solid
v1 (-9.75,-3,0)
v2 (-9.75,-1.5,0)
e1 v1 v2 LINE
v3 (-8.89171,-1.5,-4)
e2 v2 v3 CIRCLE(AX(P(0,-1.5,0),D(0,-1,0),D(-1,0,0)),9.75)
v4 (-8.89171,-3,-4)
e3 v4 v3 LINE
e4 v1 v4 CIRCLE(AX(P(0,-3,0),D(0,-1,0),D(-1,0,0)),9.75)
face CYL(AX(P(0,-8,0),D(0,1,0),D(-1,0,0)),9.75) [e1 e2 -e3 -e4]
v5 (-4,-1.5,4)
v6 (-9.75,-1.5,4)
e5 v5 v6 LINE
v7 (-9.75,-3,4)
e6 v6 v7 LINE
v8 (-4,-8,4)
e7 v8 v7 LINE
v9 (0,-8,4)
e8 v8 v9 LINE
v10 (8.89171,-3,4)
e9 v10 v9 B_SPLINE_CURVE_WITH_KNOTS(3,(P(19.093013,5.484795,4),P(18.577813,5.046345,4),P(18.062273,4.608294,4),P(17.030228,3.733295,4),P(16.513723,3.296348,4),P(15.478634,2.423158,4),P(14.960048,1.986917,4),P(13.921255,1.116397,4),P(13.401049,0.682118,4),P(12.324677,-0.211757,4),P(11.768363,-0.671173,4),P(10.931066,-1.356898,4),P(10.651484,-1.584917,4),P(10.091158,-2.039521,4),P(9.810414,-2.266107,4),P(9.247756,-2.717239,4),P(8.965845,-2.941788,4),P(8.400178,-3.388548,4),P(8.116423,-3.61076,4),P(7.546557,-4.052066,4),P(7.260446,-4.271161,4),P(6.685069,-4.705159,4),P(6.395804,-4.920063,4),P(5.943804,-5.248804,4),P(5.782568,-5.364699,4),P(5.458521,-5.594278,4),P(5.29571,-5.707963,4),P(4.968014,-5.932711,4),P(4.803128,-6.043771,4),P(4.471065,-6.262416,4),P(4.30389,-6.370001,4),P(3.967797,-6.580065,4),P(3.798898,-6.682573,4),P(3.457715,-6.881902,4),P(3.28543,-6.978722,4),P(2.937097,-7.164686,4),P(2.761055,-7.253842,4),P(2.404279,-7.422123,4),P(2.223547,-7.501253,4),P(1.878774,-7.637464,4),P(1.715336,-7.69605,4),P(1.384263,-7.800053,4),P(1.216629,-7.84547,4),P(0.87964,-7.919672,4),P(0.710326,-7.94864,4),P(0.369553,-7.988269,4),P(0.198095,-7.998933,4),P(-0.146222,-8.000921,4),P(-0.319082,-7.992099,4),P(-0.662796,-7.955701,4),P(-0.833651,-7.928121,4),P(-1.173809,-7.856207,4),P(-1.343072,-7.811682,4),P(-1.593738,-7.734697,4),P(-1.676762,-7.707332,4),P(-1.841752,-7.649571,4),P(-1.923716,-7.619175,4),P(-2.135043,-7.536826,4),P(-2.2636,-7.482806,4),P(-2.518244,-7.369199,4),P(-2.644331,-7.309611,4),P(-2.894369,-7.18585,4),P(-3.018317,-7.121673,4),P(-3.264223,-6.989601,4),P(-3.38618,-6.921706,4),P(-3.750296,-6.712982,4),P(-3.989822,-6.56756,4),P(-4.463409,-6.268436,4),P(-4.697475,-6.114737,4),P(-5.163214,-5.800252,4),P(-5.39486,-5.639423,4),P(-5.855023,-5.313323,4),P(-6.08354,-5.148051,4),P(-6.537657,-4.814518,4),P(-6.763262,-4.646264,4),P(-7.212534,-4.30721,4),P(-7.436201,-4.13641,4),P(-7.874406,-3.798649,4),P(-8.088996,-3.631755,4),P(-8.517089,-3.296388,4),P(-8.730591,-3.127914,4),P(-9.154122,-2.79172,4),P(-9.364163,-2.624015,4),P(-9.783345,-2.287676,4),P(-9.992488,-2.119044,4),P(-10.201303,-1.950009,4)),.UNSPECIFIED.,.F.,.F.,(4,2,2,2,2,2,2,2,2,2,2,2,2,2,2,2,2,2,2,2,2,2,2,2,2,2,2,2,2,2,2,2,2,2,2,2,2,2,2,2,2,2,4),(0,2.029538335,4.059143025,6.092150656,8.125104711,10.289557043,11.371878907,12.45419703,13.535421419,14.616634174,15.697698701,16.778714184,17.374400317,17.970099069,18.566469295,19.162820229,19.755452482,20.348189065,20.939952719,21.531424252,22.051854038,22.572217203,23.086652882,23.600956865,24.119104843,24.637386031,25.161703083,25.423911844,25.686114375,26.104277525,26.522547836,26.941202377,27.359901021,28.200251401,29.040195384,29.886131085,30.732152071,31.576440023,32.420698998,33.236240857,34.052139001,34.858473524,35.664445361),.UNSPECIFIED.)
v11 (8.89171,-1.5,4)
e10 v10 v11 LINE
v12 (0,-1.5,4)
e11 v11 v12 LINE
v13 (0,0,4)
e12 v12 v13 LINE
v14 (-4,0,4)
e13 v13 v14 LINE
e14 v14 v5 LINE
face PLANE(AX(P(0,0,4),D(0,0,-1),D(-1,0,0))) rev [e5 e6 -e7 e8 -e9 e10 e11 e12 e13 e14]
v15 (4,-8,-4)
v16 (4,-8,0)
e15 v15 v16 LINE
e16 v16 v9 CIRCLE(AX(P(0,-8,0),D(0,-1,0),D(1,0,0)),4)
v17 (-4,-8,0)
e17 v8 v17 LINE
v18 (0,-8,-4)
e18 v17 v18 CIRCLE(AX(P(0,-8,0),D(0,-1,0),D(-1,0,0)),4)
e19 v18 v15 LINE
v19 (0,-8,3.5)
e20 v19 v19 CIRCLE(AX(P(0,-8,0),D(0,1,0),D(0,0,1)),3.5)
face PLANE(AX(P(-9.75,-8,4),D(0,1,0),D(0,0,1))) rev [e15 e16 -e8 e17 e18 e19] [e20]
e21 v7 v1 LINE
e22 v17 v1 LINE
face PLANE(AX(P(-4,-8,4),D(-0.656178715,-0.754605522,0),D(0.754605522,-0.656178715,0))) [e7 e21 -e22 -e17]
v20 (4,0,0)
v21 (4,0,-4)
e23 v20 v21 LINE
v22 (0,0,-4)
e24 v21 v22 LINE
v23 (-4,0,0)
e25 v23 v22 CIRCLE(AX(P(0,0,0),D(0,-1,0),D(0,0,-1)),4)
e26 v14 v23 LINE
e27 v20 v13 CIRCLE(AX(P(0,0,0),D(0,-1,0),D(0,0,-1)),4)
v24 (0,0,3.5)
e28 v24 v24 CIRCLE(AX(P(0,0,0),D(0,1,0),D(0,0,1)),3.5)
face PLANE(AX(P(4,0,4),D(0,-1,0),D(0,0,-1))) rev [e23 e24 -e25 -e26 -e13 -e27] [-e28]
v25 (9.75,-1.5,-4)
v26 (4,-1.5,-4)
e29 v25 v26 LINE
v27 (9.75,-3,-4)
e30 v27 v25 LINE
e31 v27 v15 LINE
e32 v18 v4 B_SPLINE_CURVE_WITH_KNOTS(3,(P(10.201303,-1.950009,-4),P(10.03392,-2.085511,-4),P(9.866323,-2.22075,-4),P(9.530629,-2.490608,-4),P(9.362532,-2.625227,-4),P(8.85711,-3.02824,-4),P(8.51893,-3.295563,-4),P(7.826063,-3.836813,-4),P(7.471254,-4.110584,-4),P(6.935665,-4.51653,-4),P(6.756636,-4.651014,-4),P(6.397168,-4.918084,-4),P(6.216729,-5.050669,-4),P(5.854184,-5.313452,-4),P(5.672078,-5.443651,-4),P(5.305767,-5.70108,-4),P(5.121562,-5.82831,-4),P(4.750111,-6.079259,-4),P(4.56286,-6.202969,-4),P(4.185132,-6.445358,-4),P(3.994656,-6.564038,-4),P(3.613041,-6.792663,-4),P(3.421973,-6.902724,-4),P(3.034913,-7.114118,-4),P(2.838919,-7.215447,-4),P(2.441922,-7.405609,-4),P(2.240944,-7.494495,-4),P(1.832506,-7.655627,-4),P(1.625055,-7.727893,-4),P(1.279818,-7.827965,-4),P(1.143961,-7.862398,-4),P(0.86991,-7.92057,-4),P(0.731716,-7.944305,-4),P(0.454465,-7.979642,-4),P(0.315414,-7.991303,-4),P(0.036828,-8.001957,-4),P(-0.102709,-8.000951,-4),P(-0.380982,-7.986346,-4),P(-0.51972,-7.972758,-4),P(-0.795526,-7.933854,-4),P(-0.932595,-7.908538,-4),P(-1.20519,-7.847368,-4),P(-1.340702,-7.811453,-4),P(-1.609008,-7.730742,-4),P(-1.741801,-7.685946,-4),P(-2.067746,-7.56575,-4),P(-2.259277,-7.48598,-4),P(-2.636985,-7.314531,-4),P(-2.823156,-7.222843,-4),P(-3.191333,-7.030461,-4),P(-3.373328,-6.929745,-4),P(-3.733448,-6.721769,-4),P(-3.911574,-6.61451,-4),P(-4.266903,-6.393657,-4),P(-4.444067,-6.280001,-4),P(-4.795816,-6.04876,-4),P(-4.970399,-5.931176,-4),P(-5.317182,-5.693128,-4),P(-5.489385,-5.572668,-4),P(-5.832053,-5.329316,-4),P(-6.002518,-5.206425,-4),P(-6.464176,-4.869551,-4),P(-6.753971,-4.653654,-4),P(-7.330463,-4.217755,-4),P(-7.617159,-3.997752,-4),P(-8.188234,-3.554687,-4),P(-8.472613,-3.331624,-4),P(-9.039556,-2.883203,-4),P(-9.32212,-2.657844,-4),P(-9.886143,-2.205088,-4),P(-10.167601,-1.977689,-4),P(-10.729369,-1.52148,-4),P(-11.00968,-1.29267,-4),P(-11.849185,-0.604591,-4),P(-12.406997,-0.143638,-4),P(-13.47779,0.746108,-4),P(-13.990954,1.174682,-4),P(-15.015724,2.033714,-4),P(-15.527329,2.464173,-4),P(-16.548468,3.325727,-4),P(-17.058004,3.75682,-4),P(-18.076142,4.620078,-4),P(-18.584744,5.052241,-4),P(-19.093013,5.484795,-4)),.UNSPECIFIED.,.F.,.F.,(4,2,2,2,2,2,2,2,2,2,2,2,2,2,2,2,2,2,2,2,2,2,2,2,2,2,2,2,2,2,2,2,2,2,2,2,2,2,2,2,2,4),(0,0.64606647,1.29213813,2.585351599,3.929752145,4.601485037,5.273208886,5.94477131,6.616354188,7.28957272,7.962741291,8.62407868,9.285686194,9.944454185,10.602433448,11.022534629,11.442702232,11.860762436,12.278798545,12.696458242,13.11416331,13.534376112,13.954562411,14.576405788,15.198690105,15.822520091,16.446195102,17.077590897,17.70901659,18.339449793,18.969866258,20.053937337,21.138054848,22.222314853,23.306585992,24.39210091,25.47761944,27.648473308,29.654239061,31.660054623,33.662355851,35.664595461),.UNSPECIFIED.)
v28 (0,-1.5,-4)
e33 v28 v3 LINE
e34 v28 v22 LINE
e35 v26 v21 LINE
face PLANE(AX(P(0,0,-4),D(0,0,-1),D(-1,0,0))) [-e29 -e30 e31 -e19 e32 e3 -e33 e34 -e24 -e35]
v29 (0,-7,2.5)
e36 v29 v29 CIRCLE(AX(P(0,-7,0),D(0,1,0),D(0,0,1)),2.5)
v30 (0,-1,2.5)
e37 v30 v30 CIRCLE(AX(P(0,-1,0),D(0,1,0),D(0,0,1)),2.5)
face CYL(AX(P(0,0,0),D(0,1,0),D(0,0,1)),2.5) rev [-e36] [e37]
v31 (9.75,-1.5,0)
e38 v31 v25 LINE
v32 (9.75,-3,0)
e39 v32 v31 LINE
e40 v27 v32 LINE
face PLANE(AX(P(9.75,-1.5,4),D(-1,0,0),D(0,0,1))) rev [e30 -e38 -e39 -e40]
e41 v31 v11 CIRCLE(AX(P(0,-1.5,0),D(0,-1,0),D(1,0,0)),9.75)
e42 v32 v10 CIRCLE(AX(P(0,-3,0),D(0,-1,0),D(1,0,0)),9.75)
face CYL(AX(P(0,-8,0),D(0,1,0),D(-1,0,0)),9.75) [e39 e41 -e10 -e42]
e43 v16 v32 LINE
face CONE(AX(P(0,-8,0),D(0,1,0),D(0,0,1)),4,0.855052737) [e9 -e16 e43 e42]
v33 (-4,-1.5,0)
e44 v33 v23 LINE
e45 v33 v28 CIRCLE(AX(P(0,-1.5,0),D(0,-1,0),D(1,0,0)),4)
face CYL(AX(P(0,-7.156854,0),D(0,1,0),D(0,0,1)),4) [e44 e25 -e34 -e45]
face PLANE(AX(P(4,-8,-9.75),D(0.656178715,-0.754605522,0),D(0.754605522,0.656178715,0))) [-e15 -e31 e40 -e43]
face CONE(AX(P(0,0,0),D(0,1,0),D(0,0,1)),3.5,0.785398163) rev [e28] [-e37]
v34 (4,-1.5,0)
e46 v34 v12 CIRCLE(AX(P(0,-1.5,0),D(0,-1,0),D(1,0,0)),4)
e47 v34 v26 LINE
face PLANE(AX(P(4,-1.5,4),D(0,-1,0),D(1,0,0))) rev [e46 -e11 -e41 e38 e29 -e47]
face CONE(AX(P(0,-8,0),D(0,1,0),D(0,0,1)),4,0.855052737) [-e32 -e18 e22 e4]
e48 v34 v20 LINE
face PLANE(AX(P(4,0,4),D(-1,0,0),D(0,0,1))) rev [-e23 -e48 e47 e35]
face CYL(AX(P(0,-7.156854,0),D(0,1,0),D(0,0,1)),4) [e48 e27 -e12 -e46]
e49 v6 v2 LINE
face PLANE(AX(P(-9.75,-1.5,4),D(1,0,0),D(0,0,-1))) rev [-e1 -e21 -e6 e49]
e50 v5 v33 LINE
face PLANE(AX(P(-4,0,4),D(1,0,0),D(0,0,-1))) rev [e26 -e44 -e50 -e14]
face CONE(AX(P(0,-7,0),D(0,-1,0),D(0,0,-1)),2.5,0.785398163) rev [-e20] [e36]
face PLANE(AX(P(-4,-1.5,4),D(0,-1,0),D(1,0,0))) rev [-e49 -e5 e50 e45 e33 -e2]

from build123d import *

# Parameters (mm, degrees)
EXTRUDE_1_DEPTH     = 4
CUT_EXTRUDE_1_DEPTH = 1.5
CUT_EXTRUDE_2_DEPTH = 7.5


with BuildPart() as part:
    # Эскиз1 → Бобышка-Вытянуть1 (new body, symmetric)
    with BuildSketch(Plane.XY):
        Polygon((4, 0), (-4, 0), (-4, -1.5), (-9.75, -1.5), (-9.75, -8), (9.75, -8), (9.75, -1.5), (4, -1.5), align=None)
    extrude(amount=EXTRUDE_1_DEPTH, both=True)

    # Эскиз3 → Отверстие обработанное метчиком M62 (revolve, cut)
    with BuildSketch(Plane(origin=(0, 0, 0), x_dir=(0, 0, 1), z_dir=(1, 0, 0))):
        Polygon((0, 0), (0, 8), (3.5, 8), (2.5, 7), (2.5, 1), (3.5, 0), align=None)
    revolve(axis=Axis((0, 6.35, 0), (0, -1, 0)), mode=Mode.SUBTRACT)

    # Эскиз4 → Вырез-Вытянуть1 (cut)
    with BuildSketch(Plane(origin=(0, 0, 0), x_dir=(1, 0, 0), z_dir=(0, 1, 0))):
        with BuildLine():
            Line((-4, 4), (-4, 0))
            ThreePointArc((-4, 0), (-2.828427125, 2.828427125), (0, 4))
            Line((0, 4), (-4, 4))
        make_face()
        with BuildLine():
            Line((0, -4), (4, -4))
            Line((4, -4), (4, 0))
            ThreePointArc((4, 0), (2.828427125, -2.828427125), (0, -4))
        make_face()
    extrude(amount=-CUT_EXTRUDE_1_DEPTH, mode=Mode.SUBTRACT)

    # Эскиз5 → Вырез-Вытянуть2 (cut, through all)
    with BuildSketch(Plane(origin=(0, -1.5, 0), x_dir=(1, 0, 0), z_dir=(0, 1, 0))):
        with BuildLine():
            Line((-9.75, 0), (-9.75, 4))
            Line((-9.75, 4), (-8.891709622, 4))
            ThreePointArc((-8.891709622, 4), (-9.533012871, 2.045523305), (-9.75, 0))
        make_face()
        with BuildLine():
            Line((9.75, 0), (9.75, -4))
            Line((9.75, -4), (8.891709622, -4))
            ThreePointArc((8.891709622, -4), (9.533012871, -2.045523305), (9.75, 0))
        make_face()
    extrude(amount=-CUT_EXTRUDE_2_DEPTH, mode=Mode.SUBTRACT)

    # Вырез-По траектории1: sweep along a path in Эскиз7
    with BuildLine(Plane.XZ.offset(8)) as sweep_1_path:
        Line((0, 9.75), (-9.75, 9.75))
        Line((-9.75, 9.75), (-9.75, 0))
        ThreePointArc((-9.75, 0), (-6.894291117, -6.894291117), (0, -9.75))
        Line((0, -9.75), (9.75, -9.75))
        Line((9.75, -9.75), (9.75, 0))
        ThreePointArc((9.75, 0), (6.894291117, 6.894291117), (0, 9.75))
    # Эскиз6 → Вырез-По траектории1 (sweep, cut)
    with BuildSketch(Plane.XY.offset(4)):
        Polygon((-9.75, -3), (-9.75, -8), (-4, -8), align=None)
    sweep(path=sweep_1_path.line, transition=Transition.RIGHT, mode=Mode.SUBTRACT)


solid = part.part
